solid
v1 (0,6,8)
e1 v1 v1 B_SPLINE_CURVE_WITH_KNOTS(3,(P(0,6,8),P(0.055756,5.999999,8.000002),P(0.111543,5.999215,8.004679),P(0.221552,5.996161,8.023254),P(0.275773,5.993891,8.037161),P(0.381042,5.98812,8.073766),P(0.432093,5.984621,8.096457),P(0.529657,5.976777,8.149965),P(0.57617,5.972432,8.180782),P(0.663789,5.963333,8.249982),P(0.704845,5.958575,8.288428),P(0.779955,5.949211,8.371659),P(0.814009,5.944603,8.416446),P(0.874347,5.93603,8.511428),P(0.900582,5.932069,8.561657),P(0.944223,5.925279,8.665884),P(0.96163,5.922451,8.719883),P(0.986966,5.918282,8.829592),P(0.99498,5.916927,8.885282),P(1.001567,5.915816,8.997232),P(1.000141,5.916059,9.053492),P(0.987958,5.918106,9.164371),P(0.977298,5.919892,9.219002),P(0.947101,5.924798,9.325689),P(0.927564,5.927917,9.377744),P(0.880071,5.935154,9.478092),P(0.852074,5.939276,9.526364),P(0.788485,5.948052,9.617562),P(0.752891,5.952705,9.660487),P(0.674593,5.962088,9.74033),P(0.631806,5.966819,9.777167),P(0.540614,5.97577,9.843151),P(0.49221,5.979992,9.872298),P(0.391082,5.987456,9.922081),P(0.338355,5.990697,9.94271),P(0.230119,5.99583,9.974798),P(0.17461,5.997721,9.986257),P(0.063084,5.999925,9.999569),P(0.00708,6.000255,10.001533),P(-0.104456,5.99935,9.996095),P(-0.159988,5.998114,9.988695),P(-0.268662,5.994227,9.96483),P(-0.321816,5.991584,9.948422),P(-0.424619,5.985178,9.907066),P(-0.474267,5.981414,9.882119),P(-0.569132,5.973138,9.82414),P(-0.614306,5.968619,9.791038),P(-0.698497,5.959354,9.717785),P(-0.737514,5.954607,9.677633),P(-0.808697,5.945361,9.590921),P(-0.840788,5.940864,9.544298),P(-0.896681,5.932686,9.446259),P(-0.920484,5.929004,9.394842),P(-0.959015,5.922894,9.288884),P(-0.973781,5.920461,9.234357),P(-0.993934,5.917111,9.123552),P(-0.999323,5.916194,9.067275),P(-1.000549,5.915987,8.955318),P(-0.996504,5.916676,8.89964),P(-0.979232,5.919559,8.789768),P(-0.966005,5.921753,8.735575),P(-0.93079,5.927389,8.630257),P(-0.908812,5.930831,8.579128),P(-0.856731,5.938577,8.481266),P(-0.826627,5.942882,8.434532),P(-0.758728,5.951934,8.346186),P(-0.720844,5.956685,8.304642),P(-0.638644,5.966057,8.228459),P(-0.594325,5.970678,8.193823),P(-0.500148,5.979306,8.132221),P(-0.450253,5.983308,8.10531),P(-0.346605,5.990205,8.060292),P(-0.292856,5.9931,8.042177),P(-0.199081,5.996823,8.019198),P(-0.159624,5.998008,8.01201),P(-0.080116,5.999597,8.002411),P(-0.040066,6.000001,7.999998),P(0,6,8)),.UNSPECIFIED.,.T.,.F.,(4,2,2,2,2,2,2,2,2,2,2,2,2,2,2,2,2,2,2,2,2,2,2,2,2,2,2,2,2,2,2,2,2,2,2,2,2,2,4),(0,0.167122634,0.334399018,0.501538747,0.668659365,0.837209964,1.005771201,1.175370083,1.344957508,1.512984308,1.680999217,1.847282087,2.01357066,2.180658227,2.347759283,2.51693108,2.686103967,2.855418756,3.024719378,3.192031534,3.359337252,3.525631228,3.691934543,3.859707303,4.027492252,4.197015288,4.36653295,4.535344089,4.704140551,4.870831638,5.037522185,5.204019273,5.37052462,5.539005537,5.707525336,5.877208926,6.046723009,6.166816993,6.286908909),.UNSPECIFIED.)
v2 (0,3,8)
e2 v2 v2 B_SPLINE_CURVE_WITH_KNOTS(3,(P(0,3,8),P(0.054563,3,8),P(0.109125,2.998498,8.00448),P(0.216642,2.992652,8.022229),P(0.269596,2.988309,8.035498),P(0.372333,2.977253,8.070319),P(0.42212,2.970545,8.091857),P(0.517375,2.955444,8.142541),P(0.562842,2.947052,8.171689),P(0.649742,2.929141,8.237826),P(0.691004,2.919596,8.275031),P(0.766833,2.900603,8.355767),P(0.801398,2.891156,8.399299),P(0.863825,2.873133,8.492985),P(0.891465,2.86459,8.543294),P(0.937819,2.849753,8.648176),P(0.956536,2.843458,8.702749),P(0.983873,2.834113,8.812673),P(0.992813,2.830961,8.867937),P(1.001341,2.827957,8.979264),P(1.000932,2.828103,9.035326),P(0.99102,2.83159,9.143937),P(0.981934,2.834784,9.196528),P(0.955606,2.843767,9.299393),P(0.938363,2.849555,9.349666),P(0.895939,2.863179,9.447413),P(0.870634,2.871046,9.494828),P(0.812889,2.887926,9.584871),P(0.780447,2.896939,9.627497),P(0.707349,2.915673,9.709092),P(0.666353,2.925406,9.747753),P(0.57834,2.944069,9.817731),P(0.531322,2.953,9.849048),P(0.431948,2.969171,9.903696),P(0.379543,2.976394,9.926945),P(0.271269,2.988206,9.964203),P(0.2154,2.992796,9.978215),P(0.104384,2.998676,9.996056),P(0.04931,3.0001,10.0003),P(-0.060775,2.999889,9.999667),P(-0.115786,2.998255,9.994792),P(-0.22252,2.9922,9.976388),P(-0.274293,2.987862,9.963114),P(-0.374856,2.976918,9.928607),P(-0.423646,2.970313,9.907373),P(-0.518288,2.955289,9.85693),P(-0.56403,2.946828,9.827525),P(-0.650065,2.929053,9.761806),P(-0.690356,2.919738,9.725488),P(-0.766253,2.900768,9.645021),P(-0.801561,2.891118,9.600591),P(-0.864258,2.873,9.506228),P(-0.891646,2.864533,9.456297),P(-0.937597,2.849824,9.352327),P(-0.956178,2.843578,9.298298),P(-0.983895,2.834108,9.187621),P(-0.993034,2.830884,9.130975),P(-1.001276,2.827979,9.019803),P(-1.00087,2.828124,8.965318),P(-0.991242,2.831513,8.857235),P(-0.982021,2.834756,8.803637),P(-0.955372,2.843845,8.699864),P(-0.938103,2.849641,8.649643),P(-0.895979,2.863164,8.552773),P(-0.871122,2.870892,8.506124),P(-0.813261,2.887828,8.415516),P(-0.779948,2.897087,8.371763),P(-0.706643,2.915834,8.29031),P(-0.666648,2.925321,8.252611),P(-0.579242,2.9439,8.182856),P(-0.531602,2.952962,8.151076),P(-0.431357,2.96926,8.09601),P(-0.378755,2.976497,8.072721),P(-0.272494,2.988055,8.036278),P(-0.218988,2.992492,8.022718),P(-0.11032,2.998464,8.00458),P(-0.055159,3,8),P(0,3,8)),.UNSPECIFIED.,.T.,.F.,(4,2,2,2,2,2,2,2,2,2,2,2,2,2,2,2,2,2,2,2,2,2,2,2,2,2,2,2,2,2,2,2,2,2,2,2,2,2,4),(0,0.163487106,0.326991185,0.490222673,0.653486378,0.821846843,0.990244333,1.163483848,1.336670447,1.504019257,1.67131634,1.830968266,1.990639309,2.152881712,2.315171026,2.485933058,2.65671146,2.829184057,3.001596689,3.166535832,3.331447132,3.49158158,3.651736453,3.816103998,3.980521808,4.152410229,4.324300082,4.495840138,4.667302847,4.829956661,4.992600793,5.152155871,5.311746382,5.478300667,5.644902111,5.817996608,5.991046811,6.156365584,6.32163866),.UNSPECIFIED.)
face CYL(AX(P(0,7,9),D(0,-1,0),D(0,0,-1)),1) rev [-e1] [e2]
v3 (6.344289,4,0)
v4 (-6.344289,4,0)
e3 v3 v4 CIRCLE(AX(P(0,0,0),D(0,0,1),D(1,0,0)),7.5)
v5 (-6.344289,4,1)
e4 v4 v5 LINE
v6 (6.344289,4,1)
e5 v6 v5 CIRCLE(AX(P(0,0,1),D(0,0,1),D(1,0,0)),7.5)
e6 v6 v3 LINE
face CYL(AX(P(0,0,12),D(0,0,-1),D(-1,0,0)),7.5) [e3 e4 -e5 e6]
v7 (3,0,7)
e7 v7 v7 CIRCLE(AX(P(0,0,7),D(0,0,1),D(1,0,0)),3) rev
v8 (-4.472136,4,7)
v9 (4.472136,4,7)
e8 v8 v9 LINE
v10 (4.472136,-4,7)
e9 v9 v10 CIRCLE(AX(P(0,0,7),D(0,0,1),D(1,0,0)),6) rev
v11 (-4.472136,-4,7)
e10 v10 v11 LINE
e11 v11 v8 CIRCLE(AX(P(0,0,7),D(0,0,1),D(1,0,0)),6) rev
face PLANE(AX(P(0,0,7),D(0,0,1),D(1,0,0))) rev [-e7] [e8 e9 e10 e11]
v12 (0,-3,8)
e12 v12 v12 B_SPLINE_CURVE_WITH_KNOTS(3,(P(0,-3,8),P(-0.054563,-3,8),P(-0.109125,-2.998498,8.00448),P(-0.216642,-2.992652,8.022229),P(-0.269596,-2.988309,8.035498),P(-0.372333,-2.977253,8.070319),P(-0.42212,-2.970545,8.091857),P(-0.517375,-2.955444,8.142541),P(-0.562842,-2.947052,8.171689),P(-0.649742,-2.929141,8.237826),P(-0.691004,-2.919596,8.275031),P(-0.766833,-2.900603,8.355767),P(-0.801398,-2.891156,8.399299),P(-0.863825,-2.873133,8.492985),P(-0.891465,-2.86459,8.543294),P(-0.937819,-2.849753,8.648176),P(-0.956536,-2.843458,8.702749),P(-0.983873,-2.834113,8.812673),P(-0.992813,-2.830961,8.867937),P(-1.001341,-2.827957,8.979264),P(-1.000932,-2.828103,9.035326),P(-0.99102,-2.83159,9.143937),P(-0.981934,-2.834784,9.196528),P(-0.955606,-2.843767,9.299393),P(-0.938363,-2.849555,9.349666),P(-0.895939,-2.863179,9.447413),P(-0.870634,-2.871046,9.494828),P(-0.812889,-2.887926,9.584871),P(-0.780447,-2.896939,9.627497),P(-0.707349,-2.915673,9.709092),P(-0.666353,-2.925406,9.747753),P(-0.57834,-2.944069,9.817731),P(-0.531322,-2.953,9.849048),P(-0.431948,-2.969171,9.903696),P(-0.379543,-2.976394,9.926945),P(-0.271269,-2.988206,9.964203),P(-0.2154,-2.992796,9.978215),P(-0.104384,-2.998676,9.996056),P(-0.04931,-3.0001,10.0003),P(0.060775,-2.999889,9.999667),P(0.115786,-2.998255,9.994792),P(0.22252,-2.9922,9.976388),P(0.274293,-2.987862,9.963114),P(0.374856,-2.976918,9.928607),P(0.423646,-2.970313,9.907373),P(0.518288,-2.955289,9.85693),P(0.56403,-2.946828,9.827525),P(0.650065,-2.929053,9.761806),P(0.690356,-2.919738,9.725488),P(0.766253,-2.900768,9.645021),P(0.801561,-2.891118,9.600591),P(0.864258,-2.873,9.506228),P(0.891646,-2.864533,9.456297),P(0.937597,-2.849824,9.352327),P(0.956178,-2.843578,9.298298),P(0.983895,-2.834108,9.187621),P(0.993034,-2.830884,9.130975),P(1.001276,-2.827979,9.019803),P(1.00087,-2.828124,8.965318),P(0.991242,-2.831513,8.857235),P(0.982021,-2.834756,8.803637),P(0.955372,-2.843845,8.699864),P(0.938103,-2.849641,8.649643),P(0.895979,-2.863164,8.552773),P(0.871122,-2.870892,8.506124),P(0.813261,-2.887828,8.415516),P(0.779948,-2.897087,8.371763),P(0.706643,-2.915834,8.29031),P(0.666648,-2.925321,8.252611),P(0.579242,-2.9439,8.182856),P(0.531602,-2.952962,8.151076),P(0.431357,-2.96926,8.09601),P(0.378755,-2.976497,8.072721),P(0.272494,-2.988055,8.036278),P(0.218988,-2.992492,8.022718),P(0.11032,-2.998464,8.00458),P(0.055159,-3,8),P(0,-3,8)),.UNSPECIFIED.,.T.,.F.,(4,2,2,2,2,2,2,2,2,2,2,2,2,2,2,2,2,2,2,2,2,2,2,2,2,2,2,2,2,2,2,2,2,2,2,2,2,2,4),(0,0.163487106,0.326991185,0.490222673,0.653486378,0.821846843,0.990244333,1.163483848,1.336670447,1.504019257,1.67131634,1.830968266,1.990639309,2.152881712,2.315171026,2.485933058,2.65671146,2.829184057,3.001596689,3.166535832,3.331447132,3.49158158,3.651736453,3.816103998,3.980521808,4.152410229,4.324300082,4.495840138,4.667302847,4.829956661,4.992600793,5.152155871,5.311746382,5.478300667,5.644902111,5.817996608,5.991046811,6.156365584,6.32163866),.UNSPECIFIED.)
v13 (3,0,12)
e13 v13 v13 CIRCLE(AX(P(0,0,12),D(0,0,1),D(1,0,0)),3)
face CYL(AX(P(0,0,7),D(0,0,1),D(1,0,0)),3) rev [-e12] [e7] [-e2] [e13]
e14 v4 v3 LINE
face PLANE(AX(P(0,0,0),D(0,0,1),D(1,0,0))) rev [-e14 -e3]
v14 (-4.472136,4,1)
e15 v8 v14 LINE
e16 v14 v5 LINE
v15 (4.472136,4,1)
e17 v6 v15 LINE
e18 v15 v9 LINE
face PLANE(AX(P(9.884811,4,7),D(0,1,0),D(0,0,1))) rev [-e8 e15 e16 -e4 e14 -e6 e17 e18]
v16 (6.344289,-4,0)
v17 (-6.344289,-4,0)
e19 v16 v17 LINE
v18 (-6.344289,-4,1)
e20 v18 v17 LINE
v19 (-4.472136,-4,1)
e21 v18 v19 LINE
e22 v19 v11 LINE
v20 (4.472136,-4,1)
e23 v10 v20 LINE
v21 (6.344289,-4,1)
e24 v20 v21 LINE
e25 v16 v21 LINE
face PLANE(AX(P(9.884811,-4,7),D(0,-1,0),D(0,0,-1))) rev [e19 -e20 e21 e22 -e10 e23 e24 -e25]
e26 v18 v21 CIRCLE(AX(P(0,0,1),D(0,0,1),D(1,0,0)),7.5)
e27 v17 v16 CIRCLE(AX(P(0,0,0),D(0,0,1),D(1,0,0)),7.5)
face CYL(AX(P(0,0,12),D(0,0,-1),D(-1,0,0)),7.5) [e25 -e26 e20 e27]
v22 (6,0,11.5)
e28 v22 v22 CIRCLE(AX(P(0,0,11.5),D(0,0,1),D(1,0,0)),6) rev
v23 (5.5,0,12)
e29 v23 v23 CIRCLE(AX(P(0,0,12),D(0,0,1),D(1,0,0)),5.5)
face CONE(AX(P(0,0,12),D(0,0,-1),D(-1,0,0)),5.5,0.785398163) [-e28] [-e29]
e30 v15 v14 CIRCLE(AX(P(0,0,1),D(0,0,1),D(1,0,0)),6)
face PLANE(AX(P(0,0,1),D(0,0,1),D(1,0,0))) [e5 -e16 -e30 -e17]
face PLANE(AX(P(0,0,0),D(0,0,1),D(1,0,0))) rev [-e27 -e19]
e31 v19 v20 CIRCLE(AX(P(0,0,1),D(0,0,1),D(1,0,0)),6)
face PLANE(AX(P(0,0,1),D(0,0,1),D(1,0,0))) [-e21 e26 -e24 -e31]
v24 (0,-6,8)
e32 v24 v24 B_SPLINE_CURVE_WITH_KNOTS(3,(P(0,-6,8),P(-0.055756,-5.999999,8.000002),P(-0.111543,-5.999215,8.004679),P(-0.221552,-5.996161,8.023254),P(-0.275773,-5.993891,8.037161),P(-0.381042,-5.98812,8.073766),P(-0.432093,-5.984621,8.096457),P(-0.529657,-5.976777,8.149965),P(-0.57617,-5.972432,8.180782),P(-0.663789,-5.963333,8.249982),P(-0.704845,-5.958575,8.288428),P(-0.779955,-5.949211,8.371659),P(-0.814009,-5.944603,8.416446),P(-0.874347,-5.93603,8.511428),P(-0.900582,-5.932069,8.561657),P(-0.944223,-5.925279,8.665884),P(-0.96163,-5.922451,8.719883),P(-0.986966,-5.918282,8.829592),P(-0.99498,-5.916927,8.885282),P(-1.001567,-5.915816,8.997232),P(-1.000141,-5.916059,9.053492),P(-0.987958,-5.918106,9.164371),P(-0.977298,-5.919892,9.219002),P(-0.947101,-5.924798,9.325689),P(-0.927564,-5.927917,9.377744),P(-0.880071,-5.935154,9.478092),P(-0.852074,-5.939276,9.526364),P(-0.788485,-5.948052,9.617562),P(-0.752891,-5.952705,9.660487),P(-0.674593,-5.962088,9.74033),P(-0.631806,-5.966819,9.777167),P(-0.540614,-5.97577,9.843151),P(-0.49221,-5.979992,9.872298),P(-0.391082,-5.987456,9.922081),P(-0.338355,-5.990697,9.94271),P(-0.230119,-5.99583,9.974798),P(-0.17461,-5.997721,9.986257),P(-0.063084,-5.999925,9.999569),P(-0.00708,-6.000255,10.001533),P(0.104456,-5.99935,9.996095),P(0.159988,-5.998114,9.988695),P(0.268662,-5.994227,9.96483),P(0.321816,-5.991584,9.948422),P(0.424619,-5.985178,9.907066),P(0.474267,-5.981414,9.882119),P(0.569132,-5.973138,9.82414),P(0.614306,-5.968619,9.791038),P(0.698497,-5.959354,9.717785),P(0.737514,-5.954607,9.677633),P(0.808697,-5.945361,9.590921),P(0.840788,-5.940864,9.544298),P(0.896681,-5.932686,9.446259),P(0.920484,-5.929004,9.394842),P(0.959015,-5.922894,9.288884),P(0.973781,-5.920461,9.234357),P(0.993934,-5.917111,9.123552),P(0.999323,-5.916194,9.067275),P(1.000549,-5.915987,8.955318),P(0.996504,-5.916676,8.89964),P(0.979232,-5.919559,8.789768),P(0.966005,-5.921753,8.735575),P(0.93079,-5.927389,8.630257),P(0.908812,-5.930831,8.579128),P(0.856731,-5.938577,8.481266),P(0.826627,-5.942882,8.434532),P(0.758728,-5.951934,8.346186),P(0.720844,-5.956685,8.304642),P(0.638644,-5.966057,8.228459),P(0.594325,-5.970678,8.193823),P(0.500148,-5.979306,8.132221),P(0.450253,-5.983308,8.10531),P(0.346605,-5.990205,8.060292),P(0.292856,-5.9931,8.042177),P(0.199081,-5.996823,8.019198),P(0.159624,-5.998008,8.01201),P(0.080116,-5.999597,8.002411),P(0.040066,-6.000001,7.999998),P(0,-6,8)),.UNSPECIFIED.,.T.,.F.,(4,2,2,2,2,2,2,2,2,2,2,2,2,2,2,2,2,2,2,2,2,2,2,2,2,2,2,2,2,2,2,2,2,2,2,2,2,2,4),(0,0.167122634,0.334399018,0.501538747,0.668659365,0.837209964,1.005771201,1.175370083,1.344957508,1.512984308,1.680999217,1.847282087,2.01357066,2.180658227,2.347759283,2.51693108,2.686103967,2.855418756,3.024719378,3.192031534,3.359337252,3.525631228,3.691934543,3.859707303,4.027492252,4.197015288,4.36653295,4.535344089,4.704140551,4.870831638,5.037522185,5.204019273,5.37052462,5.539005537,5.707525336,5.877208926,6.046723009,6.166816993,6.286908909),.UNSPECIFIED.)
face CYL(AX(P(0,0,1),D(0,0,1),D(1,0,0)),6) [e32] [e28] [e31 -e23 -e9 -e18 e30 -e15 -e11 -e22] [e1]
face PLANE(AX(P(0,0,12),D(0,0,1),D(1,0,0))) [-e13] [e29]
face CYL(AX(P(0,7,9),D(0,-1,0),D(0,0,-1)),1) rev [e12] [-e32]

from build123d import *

# Parameters (mm, degrees)
ESQUISSE1_R                  = 7.5
BOSS_EXTRU_1_DEPTH           = 12
ESQUISSE2_R                  = 7.5
ESQUISSE2_R_2                = 6
ENL_V_MAT_EXTRU_1_DEPTH      = 11
ESQUISSE3_R                  = 3
ENL_V_MAT_EXTRU_2_DEPTH      = 5
ESQUISSE4_W                  = 19.769622122
ESQUISSE4_H                  = 8
ENL_V_MAT_EXTRU_3_DEPTH      = 7
ESQUISSE5_R                  = 1
ENL_V_MAT_EXTRU_4_DEPTH      = 7
ENL_V_MAT_EXTRU_4_DEPTH_BACK = 7
CHANFREIN1_SIZE              = 0.5


with BuildPart() as part:
    # Esquisse1 → Boss.-Extru.1 (new body)
    with BuildSketch(Plane.XY):
        Circle(ESQUISSE1_R)
    extrude(amount=BOSS_EXTRU_1_DEPTH)

    # Esquisse2 → Enlèv. mat.-Extru.1 (cut)
    with BuildSketch(Plane.XY.offset(12)):
        Circle(ESQUISSE2_R)
        Circle(ESQUISSE2_R_2, mode=Mode.SUBTRACT)
    extrude(amount=-ENL_V_MAT_EXTRU_1_DEPTH, mode=Mode.SUBTRACT)

    # Esquisse3 → Enlèv. mat.-Extru.2 (cut)
    with BuildSketch(Plane.XY.offset(12)):
        Circle(ESQUISSE3_R)
    extrude(amount=-ENL_V_MAT_EXTRU_2_DEPTH, mode=Mode.SUBTRACT)

    # Esquisse4 → Enlèv. mat.-Extru.3 (cut)
    with BuildSketch(Plane(origin=(0, 0, 0), x_dir=(-1, 0, 0), z_dir=(0, 0, -1))):
        Rectangle(ESQUISSE4_W, ESQUISSE4_H)
    extrude(amount=-ENL_V_MAT_EXTRU_3_DEPTH, mode=Mode.SUBTRACT)

    # Esquisse5 → Enlèv. mat.-Extru.4 (cut, two sides)
    with BuildSketch(Plane(origin=(0, 0, 0), x_dir=(1, 0, 0), z_dir=(0, 1, 0))) as enl_v_mat_extru_4_sk:
        with Locations((0, -9)):
            Circle(ESQUISSE5_R)
    extrude(amount=ENL_V_MAT_EXTRU_4_DEPTH, mode=Mode.SUBTRACT)
    extrude(enl_v_mat_extru_4_sk.sketch, amount=-ENL_V_MAT_EXTRU_4_DEPTH_BACK, mode=Mode.SUBTRACT)

    # Chanfrein1
    chanfrein1_edges = [part.edges().sort_by_distance(p)[0] for p in [
        (-6, 0, 12),
    ]]
    chamfer(chanfrein1_edges, length=CHANFREIN1_SIZE)


solid = part.part
